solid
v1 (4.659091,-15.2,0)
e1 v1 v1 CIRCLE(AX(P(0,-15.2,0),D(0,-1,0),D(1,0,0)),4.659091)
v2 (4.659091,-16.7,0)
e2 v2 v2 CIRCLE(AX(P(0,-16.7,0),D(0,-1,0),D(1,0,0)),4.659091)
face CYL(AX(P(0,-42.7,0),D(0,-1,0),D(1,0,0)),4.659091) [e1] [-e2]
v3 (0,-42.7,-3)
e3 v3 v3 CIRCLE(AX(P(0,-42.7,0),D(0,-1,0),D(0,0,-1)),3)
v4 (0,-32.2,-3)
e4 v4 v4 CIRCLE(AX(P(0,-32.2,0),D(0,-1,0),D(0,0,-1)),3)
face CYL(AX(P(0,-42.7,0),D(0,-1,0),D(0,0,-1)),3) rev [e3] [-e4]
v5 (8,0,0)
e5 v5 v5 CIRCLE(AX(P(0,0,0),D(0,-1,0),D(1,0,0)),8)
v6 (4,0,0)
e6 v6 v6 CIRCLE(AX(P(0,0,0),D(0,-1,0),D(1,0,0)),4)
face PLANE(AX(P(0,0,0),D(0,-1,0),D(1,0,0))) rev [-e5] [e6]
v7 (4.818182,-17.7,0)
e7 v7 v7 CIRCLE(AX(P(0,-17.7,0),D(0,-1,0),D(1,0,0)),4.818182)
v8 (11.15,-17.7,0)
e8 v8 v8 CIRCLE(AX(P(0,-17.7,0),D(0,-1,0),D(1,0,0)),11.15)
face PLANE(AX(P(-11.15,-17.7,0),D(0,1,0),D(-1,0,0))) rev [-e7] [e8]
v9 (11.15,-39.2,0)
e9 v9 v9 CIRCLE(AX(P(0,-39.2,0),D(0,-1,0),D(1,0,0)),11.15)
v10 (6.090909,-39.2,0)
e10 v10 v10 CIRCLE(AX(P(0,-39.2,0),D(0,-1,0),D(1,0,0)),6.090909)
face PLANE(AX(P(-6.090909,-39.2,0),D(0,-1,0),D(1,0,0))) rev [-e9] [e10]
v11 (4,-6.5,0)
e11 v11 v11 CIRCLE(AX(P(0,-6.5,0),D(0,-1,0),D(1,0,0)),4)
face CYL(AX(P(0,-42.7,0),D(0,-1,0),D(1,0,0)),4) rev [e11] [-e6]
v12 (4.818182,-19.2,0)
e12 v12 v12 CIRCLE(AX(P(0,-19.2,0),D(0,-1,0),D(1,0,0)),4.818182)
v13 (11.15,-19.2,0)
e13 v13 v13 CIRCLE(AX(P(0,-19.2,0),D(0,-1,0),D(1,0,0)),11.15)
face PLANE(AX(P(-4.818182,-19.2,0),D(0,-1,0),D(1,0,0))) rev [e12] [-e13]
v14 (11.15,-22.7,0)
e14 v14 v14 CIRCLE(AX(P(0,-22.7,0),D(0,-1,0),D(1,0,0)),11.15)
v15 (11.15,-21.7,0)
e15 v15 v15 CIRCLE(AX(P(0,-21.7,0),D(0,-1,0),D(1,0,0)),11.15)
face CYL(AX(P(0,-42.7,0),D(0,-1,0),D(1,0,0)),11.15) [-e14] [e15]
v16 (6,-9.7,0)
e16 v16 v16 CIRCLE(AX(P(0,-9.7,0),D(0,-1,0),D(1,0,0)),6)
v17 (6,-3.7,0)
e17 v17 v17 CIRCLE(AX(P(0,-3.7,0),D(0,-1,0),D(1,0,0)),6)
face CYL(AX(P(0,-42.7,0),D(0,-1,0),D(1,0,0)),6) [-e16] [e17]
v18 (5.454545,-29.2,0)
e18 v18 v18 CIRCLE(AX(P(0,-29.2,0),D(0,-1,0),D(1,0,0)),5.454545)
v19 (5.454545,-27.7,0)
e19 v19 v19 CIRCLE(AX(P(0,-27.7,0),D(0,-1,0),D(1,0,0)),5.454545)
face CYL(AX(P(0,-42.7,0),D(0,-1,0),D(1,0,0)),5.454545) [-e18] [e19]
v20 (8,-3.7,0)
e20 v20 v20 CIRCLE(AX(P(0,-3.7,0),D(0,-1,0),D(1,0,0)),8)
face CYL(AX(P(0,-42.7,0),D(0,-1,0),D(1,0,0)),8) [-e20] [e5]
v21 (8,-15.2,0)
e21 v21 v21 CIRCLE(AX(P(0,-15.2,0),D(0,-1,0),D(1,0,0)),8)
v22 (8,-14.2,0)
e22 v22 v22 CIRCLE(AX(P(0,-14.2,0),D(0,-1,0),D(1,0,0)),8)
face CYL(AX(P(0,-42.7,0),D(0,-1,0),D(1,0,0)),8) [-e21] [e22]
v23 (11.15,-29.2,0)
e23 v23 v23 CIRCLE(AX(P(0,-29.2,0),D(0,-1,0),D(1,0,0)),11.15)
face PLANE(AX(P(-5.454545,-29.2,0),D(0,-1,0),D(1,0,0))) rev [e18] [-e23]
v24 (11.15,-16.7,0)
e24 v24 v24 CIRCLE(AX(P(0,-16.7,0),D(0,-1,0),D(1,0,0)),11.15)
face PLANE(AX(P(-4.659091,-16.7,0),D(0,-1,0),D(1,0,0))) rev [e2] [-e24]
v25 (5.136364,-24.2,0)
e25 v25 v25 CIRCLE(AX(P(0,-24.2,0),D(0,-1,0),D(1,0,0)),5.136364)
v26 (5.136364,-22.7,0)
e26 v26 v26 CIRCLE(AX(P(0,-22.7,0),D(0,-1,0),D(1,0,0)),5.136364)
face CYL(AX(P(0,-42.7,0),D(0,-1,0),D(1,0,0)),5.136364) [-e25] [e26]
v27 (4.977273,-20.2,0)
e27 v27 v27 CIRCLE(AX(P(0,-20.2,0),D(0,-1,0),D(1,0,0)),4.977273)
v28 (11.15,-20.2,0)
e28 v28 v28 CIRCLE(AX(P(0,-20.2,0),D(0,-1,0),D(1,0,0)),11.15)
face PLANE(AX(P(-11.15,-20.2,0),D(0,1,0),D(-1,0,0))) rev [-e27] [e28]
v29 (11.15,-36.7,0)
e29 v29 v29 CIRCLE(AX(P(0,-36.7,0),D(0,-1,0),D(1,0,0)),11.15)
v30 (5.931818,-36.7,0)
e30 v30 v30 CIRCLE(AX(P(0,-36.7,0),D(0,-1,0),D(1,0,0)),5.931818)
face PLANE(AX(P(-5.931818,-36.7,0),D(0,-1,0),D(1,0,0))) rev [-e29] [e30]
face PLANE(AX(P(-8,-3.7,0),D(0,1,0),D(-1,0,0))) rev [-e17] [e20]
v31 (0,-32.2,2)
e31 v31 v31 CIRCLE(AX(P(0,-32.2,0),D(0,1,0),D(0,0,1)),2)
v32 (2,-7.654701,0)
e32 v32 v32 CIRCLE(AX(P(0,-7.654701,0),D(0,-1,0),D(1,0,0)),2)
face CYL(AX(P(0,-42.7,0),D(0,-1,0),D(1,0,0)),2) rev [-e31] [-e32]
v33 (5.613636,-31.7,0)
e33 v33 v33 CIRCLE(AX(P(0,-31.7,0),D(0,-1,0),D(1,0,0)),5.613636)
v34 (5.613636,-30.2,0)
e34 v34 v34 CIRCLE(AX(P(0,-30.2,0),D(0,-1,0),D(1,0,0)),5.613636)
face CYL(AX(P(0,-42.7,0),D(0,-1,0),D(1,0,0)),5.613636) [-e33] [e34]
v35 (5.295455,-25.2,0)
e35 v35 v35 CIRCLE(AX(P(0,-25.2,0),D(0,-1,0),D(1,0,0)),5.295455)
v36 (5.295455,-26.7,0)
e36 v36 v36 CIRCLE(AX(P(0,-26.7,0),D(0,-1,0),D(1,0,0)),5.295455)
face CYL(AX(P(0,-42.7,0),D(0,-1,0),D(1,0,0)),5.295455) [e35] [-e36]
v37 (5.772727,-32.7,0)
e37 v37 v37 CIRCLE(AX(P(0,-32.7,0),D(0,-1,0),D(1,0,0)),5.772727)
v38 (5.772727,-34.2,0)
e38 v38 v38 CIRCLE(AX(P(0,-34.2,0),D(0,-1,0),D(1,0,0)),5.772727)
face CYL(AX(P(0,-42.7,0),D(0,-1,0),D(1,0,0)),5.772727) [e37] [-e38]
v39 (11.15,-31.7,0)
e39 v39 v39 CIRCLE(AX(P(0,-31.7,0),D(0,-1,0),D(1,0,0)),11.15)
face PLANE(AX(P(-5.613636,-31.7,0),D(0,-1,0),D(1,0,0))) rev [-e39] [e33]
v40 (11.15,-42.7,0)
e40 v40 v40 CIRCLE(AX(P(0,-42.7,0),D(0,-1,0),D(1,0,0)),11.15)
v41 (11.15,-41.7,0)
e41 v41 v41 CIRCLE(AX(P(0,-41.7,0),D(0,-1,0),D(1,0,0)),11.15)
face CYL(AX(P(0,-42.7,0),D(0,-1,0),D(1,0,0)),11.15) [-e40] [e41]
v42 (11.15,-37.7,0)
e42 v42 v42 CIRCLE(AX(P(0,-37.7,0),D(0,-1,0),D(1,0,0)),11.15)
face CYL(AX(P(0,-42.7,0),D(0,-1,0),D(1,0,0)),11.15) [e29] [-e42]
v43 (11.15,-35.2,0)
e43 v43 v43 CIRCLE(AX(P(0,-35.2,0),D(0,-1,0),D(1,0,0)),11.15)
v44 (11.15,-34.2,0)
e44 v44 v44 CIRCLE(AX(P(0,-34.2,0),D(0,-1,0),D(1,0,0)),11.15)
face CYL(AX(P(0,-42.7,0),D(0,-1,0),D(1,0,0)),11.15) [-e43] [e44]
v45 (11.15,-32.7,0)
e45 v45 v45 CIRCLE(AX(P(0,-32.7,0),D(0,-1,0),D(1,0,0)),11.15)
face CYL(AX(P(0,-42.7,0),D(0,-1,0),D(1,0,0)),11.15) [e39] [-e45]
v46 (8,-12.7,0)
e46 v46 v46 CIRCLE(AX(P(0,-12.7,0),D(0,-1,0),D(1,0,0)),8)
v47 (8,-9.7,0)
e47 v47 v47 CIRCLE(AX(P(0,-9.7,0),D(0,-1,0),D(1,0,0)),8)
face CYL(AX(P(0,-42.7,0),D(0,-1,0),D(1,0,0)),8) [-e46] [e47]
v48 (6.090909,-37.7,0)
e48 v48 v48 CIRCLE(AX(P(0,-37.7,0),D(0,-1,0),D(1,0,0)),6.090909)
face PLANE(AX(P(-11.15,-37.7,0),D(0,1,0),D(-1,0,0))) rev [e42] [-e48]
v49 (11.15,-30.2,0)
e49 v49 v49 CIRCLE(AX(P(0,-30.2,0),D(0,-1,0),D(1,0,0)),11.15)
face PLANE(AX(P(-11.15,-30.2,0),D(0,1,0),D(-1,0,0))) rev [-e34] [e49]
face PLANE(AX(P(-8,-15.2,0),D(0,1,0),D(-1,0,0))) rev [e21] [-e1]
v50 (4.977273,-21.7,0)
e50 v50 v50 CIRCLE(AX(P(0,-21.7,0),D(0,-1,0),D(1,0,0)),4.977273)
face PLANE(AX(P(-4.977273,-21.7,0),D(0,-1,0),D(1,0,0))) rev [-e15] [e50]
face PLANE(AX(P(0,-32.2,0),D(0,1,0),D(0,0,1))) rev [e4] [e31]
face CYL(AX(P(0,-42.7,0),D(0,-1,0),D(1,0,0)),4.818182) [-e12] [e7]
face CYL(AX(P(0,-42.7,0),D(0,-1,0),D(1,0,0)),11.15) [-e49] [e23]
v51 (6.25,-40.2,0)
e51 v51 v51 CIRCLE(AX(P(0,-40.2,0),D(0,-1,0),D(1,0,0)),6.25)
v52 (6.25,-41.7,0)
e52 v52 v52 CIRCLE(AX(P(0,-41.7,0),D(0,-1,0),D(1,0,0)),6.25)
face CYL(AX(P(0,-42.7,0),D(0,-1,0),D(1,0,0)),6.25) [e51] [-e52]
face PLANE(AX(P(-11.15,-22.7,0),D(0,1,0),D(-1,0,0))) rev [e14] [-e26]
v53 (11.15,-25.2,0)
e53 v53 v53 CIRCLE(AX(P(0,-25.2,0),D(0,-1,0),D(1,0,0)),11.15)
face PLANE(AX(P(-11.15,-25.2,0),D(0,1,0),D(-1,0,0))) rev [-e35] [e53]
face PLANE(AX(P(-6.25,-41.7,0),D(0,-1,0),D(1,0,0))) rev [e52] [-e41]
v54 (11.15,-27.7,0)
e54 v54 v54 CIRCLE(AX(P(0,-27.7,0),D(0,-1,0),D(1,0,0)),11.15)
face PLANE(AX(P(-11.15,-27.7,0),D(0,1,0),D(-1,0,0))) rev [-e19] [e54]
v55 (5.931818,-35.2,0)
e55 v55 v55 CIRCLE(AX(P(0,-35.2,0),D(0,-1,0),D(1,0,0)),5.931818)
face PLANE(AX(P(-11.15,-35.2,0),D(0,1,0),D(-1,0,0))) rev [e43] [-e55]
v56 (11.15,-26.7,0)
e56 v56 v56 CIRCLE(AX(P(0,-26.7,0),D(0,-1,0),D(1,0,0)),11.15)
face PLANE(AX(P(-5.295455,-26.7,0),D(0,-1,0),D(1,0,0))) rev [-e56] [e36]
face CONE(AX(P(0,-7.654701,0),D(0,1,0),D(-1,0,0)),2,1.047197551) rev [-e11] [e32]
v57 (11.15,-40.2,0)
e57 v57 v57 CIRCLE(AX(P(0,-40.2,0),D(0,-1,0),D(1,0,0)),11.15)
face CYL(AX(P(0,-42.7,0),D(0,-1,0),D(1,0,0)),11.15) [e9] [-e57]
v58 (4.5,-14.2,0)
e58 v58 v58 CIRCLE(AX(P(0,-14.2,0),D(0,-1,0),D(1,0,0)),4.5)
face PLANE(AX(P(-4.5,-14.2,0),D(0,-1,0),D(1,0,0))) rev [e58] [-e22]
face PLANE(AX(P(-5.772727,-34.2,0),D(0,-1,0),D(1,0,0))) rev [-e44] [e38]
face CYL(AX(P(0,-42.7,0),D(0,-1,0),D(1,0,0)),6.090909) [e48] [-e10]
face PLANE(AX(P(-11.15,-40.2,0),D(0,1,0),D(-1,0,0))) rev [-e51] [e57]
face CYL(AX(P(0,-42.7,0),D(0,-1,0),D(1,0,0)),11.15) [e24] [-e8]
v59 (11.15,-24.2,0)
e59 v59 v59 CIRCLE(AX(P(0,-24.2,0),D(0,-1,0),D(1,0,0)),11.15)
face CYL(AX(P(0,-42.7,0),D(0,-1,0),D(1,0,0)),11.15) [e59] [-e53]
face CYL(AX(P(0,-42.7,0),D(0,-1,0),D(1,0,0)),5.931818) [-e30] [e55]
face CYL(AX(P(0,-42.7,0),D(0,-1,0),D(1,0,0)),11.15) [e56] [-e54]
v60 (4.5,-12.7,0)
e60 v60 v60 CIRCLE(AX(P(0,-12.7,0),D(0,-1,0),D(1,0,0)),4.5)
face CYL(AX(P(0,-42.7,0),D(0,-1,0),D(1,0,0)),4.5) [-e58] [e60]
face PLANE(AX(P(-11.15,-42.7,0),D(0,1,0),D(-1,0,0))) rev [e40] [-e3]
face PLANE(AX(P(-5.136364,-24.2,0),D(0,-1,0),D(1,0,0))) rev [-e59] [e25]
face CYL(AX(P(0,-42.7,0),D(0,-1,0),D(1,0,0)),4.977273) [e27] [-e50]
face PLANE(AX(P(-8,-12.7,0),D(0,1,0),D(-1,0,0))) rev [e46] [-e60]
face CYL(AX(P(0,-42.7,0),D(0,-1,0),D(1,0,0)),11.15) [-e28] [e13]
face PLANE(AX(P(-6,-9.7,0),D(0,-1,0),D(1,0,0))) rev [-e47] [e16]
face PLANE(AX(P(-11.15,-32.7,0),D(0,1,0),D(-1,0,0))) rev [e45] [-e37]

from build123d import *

# Parameters (mm, degrees)
TAP_DRILL_FOR_M7X1_0_TAP3_D     = 6
TAP_DRILL_FOR_M7X1_0_TAP3_DEPTH = 10.5


with BuildPart() as part:
    # Sketch1 → Revolve1 (revolve)
    with BuildSketch(Plane.XY):
        Polygon((0, 0), (-8, 0), (-8, -3.7), (-6, -3.7), (-6, -9.7), (-8, -9.7), (-8, -12.7), (-4.5, -12.7), (-4.5, -14.2), (-8, -14.2), (-8, -15.2), (-4.659090909, -15.2), (-4.659090909, -16.7), (-11.15, -16.7), (-11.15, -17.7), (-4.818181818, -17.7), (-4.818181818, -19.2), (-11.15, -19.2), (-11.15, -20.2), (-4.977272727, -20.2), (-4.977272727, -21.7), (-11.15, -21.7), (-11.15, -22.7), (-5.136363636, -22.7), (-5.136363636, -24.2), (-11.15, -24.2), (-11.15, -25.2), (-5.295454545, -25.2), (-5.295454545, -26.7), (-11.15, -26.7), (-11.15, -27.7), (-5.454545455, -27.7), (-5.454545455, -29.2), (-11.15, -29.2), (-11.15, -30.2), (-5.613636364, -30.2), (-5.613636364, -31.7), (-11.15, -31.7), (-11.15, -32.7), (-5.772727273, -32.7), (-5.772727273, -34.2), (-11.15, -34.2), (-11.15, -35.2), (-5.931818182, -35.2), (-5.931818182, -36.7), (-11.15, -36.7), (-11.15, -37.7), (-6.090909091, -37.7), (-6.090909091, -39.2), (-11.15, -39.2), (-11.15, -40.2), (-6.25, -40.2), (-6.25, -41.7), (-11.15, -41.7), (-11.15, -42.7), (0, -42.7), align=None)
    revolve(axis=Axis((0, -42.7, 0), (0, 1, 0)))

    # Tap Drill for M7x1.0 Tap3
    with Locations(Plane(origin=(0, -42.7, 0), x_dir=(-1, 0, 0), z_dir=(0, -1, 0))):
        with Locations((0, 0)):
            Hole(TAP_DRILL_FOR_M7X1_0_TAP3_D / 2, depth=TAP_DRILL_FOR_M7X1_0_TAP3_DEPTH)

    # Sketch1<4> → Cut-Revolve1 (revolve, cut)
    with BuildSketch(Plane.XY):
        Polygon((0, -42.7), (0, 0), (-4, 0), (-4, -6.5), (-2, -7.654700538), (-2, -27.29955572), (-2, -42.7), align=None)
    revolve(axis=Axis((0, -42.7, 0), (0, 1, 0)), mode=Mode.SUBTRACT)


solid = part.part
